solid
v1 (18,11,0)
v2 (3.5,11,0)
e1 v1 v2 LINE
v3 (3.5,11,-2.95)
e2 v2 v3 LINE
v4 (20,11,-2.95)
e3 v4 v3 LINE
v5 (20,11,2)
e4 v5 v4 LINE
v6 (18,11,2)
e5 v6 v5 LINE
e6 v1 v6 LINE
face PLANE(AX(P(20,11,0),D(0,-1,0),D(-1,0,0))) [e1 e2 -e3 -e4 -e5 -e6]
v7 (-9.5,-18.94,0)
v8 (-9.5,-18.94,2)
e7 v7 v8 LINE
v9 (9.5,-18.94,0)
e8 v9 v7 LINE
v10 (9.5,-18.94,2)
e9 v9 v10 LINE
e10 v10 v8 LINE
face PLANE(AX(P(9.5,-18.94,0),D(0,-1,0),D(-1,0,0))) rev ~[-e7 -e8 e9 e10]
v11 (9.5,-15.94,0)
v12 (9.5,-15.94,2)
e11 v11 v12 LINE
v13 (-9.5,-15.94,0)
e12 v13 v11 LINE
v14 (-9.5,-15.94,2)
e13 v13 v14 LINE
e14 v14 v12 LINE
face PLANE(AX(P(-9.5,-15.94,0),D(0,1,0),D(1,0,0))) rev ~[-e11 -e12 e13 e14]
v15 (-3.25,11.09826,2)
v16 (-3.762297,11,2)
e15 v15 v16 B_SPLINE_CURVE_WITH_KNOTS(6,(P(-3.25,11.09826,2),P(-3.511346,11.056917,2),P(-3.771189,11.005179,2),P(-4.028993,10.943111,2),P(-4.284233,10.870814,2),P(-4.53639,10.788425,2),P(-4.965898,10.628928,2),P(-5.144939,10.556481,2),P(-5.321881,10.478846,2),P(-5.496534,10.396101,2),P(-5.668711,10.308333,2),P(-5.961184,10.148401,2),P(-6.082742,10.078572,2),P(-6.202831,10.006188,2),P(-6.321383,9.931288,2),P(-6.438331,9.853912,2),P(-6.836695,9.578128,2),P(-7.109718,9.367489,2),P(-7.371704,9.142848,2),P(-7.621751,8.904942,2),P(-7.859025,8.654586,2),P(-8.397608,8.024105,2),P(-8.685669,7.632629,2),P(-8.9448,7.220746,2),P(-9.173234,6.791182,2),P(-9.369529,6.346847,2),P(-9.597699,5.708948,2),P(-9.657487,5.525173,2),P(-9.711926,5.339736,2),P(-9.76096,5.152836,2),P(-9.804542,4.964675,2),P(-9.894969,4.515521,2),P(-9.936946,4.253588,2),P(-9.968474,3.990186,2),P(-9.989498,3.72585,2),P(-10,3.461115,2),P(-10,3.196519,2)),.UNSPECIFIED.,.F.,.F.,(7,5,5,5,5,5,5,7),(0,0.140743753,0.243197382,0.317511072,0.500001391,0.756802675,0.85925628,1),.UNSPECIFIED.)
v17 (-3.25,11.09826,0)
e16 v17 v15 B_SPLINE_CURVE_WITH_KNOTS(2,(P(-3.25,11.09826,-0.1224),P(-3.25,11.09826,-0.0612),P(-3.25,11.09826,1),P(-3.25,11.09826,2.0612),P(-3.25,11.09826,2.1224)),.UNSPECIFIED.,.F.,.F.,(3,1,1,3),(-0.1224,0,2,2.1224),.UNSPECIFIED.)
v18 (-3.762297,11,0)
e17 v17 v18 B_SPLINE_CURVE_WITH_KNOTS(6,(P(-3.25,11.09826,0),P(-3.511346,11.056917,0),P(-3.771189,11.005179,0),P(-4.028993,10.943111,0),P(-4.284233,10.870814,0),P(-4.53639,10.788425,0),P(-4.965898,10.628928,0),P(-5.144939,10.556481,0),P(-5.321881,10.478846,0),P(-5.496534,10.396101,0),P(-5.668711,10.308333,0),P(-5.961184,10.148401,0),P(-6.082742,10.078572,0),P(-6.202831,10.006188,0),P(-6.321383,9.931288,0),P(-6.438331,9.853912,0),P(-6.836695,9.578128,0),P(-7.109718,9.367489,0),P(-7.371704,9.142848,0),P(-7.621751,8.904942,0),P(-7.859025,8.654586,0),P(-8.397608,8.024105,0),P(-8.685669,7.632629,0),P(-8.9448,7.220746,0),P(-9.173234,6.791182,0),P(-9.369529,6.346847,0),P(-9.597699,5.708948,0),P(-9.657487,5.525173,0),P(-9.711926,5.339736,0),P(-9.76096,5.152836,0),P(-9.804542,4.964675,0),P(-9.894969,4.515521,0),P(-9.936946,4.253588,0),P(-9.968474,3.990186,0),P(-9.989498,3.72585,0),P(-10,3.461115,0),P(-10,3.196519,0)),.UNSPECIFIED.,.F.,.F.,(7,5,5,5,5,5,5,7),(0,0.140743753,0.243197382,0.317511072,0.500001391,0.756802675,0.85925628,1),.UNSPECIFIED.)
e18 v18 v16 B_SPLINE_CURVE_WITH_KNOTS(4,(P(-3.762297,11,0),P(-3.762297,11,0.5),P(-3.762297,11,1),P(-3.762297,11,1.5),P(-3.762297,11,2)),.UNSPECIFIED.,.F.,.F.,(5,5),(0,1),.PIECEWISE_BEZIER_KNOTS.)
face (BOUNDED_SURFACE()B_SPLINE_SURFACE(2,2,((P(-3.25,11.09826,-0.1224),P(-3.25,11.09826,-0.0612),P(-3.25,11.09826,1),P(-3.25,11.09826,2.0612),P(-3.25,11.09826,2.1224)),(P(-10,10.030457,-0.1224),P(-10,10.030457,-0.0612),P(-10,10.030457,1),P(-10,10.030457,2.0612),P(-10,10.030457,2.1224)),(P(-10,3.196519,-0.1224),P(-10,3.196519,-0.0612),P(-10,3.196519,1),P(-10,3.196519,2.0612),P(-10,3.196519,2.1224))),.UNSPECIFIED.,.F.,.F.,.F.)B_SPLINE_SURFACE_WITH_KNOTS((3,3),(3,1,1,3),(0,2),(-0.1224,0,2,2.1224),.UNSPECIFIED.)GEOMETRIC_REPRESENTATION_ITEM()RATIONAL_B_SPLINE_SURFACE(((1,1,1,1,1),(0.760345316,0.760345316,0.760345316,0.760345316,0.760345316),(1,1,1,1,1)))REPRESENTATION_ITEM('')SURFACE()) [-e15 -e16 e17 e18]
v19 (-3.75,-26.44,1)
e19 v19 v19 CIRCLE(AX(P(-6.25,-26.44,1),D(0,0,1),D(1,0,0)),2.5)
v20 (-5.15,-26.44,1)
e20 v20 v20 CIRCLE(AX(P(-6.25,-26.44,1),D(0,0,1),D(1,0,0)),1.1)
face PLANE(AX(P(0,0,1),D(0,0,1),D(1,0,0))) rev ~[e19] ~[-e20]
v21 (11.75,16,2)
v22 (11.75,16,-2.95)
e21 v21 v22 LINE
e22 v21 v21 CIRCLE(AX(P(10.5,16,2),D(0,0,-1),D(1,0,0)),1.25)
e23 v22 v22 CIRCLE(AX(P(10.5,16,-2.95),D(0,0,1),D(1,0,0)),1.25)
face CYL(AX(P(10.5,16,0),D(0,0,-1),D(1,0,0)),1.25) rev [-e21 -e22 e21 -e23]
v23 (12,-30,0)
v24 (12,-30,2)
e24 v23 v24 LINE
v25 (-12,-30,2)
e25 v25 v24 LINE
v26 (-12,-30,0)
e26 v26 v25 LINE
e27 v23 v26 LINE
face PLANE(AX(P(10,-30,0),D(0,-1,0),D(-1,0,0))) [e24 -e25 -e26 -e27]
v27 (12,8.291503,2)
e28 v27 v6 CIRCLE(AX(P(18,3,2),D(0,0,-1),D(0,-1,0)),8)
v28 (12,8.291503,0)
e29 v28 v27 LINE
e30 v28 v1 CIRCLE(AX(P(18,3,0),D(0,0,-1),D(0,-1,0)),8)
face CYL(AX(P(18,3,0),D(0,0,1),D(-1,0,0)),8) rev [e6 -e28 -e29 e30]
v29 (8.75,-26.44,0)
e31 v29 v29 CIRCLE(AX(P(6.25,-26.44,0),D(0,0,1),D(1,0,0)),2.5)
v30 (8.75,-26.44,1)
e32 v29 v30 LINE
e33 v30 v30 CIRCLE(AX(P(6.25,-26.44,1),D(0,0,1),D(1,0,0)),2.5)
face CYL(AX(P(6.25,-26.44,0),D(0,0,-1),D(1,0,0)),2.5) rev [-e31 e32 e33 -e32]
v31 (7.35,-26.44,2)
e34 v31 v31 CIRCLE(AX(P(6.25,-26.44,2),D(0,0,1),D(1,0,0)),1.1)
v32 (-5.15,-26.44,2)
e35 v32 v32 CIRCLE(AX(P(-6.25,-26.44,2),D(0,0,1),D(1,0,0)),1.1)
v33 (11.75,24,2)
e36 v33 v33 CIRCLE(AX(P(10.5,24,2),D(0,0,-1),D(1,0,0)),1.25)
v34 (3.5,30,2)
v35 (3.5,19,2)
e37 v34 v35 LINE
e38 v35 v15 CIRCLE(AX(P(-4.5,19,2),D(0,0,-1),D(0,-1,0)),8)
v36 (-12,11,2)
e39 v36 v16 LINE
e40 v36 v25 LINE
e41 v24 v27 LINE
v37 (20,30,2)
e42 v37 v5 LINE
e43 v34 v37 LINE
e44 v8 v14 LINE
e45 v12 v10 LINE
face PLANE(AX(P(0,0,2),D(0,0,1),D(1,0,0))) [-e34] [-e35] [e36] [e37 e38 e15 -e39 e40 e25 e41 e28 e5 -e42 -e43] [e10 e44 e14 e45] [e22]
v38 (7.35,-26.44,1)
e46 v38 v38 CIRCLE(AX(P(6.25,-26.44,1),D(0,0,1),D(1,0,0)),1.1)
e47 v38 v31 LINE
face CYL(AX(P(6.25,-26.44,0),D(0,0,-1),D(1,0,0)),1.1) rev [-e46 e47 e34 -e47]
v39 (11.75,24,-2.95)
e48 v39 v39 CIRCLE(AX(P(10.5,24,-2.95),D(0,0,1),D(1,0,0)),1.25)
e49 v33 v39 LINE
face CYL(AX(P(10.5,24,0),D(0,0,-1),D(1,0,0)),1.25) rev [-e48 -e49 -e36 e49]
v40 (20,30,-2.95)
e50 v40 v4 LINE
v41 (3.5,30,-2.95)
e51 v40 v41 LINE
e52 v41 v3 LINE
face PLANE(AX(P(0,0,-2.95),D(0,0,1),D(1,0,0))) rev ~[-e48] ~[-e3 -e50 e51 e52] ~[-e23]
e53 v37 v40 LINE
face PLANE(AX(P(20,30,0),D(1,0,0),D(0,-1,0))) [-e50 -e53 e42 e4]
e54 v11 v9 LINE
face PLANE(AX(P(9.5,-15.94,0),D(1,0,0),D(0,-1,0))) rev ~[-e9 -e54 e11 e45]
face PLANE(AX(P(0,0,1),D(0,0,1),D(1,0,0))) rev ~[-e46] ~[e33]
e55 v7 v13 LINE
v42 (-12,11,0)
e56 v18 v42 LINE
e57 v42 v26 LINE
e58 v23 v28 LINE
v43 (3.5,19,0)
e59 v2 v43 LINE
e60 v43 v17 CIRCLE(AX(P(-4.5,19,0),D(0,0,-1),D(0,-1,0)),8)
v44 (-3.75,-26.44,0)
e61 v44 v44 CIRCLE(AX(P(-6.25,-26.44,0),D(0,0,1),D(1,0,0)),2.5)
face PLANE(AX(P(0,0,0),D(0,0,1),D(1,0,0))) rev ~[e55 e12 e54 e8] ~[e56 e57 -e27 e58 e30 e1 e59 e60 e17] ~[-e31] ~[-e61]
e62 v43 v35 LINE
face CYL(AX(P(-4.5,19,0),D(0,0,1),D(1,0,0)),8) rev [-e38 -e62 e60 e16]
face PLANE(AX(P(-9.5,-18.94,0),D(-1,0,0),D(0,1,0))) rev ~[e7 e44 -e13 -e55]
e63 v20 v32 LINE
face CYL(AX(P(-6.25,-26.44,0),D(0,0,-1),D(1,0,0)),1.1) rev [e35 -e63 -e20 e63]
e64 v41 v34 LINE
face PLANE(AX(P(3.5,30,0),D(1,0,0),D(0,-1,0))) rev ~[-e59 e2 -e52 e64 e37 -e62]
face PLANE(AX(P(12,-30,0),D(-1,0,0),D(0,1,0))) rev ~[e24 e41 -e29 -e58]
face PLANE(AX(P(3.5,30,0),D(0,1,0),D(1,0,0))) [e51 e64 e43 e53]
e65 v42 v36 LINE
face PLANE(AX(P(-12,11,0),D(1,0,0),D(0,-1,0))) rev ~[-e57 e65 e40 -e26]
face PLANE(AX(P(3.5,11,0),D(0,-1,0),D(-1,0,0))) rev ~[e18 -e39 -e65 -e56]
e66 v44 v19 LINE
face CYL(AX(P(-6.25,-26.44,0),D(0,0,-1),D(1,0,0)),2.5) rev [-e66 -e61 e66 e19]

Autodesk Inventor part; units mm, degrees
ref_plane "YZ Plane" through (0, 0, 0) normal (1, 0, 0) x (0, 1, 0)
ref_plane "XZ Plane" through (0, 0, 0) normal (0, 1, 0) x (-1, 0, 0)
ref_plane "XY Plane" through (0, 0, 0) normal (0, 0, 1) x (1, 0, 0)
sketch "スケッチ1" plane through (0, 0, 0) normal (0, 0, 1) x (1, 0, 0)
  line L0 (-10, 30) -> (10, 30)
  line L1 (10, 30) -> (10, -30)
  line L2 (10, -30) -> (-10, -30)
  line L3 (-10, -30) -> (-10, 30)
  line L4 (-10, 30) -> (10, -30) construction
  line L5 (10, 30) -> (-10, -30) construction
  line L6 (10, 30) -> (20, 30)
  line L7 (20, 30) -> (20, 11)
  line L8 (20, 11) -> (10, 11)
  line L9 (10.5, 30) -> (10.5, 11) construction
  circle A0 centre (10.5, 24) radius 1.25
  circle A1 centre (10.5, 16) radius 1.25
  line L10 (3.5, 30) -> (3.5, 11)
  line L11 (3.5, 11) -> (-10, 11)
  circle A2 centre (-6.25, -26.44) radius 1.1
  line L12 (-10, -26.44) -> (10, -26.44) construction
  circle A3 centre (6.25, -26.44) radius 1.1
  line L13 (0, -30) -> (0, 30) construction
  line L14 (-9.5, -15.94) -> (9.5, -15.94)
  line L15 (9.5, -15.94) -> (9.5, -18.94)
  line L16 (9.5, -18.94) -> (-9.5, -18.94)
  line L17 (-9.5, -18.94) -> (-9.5, -15.94)
  line L18 (-9.5, -15.94) -> (9.5, -18.94) construction
  line L19 (9.5, -15.94) -> (-9.5, -18.94) construction
  line L20 (10, 11) -> (3.5, 11)
  circle A4 centre (6.25, -26.44) radius 2.5
  circle A5 centre (-6.25, -26.44) radius 2.5
  line L21 (10, -30) -> (12, -30)
  line L22 (12, -30) -> (12, 11)
  line L23 (-10, 11) -> (-12, 11)
  line L24 (-12, 11) -> (-12, -30)
  line L25 (-12, -30) -> (-10, -30)
  point P0 (0, 0)
  point P1 (0, -17.44)
  dimension "d0" = 60
  dimension "d1" = 20
  dimension "d2" = 2.5
  dimension "d3" = 8
  dimension "d4" = 5
  dimension "d5" = 10.5
  dimension "d6" = 19
  dimension "d7" = 10
  dimension "d8" = 7
  dimension "d9" = 2.2
  dimension "d10" = 2.2
  dimension "d11" = 12.5
  dimension "d12" = 6.25
  dimension "d13" = 3.56
  dimension "d14" = 3
  dimension "d15" = 19
  dimension "d16" = 9
  dimension "d22" = 5
  dimension "d23" = 5
  dimension "d27" = 2
  dimension "d28" = 2
extrude "押し出し1" add sketch "スケッチ1" along normal blind 2 contours L0 L1 A0 A1 L20 L10 | L11 L20 L1 L2 L3 | L6 L7 L8 L1 A1 A0 | A4 | A5
extrude "押し出し2" add sketch "スケッチ1" against normal blind 2.95 contours L0 L1 A0 A1 L20 L10 | L6 L7 L8 L1 A1 A0
fillet "フィレット1" radius 8 2 edges at (10, 11, 1) (3.5, 11, 1)
extrude "押し出し3" cut sketch "スケッチ1" along normal blind 1 contours A4 | A5
fillet "フィレット2" radius 8 1 edges at (-10, 11, 1)
extrude "押し出し4" add sketch "スケッチ1" along normal up to surface (2 mm away) contours L11 L20 L1 L2 L3 | L3 L25 L24 L23 | L8 L22 L21 L1
properties part number "adapter_tof"
